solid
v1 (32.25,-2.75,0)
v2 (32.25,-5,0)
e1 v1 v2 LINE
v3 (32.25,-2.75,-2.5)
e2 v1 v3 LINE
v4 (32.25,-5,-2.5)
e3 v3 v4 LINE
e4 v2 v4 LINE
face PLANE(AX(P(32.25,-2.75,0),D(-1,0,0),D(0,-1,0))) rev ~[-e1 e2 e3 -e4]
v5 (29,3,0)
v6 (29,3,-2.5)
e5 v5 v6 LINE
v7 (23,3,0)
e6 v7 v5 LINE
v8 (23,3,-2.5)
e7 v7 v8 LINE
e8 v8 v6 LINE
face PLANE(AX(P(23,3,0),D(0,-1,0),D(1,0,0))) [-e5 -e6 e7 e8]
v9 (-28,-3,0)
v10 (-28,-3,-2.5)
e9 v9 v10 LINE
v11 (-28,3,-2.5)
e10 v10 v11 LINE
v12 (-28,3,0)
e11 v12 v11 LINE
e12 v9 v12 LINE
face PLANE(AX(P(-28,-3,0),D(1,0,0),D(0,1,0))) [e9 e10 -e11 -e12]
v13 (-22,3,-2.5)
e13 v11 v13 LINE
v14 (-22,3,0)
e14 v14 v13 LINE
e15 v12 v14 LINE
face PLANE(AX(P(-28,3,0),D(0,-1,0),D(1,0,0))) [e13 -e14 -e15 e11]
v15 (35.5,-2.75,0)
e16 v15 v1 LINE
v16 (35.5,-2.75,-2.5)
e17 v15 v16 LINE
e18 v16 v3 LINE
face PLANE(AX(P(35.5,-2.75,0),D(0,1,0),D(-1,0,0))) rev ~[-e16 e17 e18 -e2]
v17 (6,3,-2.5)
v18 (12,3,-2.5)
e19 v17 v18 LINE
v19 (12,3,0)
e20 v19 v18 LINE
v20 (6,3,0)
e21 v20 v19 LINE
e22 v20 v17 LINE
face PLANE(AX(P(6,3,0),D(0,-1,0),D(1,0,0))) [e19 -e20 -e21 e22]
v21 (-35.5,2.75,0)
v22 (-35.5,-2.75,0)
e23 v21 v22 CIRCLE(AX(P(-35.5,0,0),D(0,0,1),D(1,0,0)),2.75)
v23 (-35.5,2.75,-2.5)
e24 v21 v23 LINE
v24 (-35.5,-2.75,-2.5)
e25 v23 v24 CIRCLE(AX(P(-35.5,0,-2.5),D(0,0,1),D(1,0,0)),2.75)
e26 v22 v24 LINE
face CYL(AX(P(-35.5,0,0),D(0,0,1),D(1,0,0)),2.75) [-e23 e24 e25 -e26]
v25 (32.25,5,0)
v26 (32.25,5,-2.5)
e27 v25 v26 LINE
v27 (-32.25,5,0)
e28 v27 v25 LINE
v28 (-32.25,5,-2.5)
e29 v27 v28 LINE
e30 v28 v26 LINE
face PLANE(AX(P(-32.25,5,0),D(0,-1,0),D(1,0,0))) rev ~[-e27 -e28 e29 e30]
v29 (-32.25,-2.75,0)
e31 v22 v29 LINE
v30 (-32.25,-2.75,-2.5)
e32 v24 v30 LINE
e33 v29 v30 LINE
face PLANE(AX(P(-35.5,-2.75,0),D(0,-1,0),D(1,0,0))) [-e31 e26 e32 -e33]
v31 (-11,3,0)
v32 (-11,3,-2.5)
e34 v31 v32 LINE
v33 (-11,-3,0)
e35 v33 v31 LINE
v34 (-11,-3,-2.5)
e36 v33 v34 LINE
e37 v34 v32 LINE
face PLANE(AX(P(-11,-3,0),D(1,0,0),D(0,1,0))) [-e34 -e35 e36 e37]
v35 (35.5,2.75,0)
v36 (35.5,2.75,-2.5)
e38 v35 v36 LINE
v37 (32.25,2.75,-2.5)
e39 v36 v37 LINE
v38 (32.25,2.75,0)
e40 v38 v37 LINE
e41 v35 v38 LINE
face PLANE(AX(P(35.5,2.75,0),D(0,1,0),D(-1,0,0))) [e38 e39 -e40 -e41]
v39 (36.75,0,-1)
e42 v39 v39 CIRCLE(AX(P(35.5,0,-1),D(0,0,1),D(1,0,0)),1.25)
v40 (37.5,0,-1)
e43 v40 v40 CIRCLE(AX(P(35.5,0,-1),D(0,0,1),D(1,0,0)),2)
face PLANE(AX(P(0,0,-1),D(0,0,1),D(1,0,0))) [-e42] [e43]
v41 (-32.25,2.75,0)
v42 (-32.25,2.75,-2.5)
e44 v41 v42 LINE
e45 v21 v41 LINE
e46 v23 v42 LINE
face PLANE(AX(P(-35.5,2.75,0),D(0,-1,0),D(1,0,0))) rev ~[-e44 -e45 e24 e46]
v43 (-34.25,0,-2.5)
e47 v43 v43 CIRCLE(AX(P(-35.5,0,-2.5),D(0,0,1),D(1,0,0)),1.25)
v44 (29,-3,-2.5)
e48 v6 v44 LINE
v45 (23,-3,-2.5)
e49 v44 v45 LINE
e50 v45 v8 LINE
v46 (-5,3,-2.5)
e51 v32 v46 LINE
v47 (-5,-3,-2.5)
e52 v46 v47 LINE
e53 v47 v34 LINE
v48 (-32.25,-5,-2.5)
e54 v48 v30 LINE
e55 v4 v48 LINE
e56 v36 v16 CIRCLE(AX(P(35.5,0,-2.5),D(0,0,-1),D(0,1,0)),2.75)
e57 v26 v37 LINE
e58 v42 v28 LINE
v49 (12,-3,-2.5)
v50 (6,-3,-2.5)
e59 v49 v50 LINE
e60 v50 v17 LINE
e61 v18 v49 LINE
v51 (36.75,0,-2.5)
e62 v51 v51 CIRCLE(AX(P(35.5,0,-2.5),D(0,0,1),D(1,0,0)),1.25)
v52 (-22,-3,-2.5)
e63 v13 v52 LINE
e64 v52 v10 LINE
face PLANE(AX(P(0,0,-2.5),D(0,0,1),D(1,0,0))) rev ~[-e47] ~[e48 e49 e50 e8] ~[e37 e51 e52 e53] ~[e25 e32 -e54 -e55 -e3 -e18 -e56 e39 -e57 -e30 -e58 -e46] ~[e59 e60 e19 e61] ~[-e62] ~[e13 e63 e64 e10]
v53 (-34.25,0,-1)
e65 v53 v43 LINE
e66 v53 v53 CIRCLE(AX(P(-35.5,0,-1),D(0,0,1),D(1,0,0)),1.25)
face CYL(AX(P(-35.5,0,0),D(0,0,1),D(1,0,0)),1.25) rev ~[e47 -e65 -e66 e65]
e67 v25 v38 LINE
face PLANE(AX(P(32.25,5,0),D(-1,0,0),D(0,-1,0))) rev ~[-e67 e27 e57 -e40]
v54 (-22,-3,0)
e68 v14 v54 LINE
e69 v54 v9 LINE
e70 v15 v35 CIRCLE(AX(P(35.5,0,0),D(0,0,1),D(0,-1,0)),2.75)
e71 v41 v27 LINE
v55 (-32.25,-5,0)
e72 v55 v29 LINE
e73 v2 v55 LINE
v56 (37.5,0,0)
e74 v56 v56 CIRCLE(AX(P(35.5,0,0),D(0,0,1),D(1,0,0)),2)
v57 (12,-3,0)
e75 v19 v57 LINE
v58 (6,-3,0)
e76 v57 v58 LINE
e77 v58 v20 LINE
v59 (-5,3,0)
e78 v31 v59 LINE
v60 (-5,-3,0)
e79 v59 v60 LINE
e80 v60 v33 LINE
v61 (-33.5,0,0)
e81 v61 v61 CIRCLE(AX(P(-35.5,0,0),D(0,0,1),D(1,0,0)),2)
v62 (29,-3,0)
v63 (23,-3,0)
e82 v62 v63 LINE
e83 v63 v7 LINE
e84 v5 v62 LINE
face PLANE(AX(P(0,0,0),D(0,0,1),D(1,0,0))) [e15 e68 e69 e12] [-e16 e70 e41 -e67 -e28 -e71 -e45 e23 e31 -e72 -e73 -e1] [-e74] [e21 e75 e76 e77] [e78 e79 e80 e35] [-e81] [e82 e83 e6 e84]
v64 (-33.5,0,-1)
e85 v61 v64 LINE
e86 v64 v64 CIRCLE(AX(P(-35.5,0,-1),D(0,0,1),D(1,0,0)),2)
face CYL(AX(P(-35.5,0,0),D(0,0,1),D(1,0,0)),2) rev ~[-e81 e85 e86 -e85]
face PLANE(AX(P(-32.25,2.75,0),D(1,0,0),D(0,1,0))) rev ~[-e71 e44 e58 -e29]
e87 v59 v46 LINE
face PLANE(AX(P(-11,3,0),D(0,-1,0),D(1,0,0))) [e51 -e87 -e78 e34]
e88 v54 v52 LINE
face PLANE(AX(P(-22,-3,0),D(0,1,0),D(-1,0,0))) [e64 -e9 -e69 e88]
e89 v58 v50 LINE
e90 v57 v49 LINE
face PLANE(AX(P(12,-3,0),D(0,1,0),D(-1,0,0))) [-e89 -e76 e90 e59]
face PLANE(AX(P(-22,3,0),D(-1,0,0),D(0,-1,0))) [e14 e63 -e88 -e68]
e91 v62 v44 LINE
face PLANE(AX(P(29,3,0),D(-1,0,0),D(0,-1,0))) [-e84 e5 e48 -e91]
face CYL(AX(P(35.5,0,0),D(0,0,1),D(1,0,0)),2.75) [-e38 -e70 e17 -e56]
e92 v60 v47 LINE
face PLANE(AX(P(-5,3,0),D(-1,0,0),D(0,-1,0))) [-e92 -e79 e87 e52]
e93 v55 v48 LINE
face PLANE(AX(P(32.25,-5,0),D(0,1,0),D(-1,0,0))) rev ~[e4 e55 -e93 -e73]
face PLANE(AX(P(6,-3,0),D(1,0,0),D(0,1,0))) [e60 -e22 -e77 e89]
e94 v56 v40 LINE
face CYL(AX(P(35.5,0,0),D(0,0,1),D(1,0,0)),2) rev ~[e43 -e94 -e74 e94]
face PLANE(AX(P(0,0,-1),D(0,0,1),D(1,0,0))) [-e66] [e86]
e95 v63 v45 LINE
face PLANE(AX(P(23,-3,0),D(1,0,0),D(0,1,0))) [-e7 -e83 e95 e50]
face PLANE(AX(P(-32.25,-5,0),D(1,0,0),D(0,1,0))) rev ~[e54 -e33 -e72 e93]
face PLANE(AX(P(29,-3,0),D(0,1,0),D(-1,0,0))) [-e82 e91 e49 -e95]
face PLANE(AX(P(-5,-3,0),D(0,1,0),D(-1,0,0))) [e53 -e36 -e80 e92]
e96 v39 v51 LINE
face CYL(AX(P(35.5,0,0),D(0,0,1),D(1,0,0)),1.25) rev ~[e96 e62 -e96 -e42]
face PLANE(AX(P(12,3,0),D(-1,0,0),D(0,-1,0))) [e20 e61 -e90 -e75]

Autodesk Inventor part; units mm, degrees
ref_plane "YZ Plane" through (0, 0, 0) normal (1, 0, 0) x (0, 1, 0)
ref_plane "XZ Plane" through (0, 0, 0) normal (0, 1, 0) x (-1, 0, 0)
ref_plane "XY Plane" through (0, 0, 0) normal (0, 0, 1) x (1, 0, 0)
sketch "스케치1" plane through (0, 0, 0) normal (0, 0, 1) x (1, 0, 0)
  line L0 (-32.25, 5) -> (32.25, 5)
  line L1 (32.25, 5) -> (32.25, -5)
  line L2 (32.25, -5) -> (-32.25, -5)
  line L3 (-32.25, -5) -> (-32.25, 5)
  line L4 (-32.25, 5) -> (32.25, -5) construction
  line L5 (32.25, 5) -> (-32.25, -5) construction
  circle A0 centre (-35.5, 0) radius 2.75
  circle A1 centre (-35.5, 0) radius 1.25
  line L6 (0, 0) -> (0, 3.25)
  circle A2 centre (35.5, 0) radius 2.75
  circle A3 centre (35.5, 0) radius 1.25
  line L7 (-35.5, 2.75) -> (-32.25, 2.75)
  line L8 (-35.5, -2.75) -> (-32.25, -2.75)
  line L9 (35.5, 2.75) -> (32.25, 2.75)
  line L10 (35.5, -2.75) -> (32.25, -2.75)
  dimension "d0" = 64.5
  dimension "d1" = 10
  dimension "d2" = 5.5
  dimension "d3" = 2.5
  dimension "d4" = 71
extrude "돌출1" add sketch "스케치1" against normal blind 2.5
sketch "스케치2" plane through (0, 0, 0) normal (0, 0, 1) x (1, 0, 0)
  circle A0 centre (-35.5, 0) radius 1.25 projected
  circle A1 centre (-35.5, 0) radius 2
  circle A2 centre (35.5, 0) radius 1.25 projected
  circle A3 centre (35.5, 0) radius 2
  point P0 (0, 0)
  dimension "d7" = 4
  dimension "d8" = 4
extrude "돌출2" cut sketch "스케치2" against normal blind 1 contours A0 | A1 | A2 | A3
sketch "스케치3" plane through (0, 0, 0) normal (0, 0, 1) x (1, 0, 0)
  line L0 (-28, 3) -> (-22, 3)
  line L1 (-22, 3) -> (-22, -3)
  line L2 (-22, -3) -> (-28, -3)
  line L3 (-28, -3) -> (-28, 3)
  line L4 (-28, 3) -> (-22, -3) construction
  line L5 (-22, 3) -> (-28, -3) construction
  line L6 (-11, 3) -> (-5, 3)
  line L7 (-5, 3) -> (-5, -3)
  line L8 (-5, -3) -> (-11, -3)
  line L9 (-11, -3) -> (-11, 3)
  line L10 (-11, 3) -> (-5, -3) construction
  line L11 (-5, 3) -> (-11, -3) construction
  line L12 (6, 3) -> (12, 3)
  line L13 (12, 3) -> (12, -3)
  line L14 (12, -3) -> (6, -3)
  line L15 (6, -3) -> (6, 3)
  line L16 (6, 3) -> (12, -3) construction
  line L17 (12, 3) -> (6, -3) construction
  line L18 (23, 3) -> (29, 3)
  line L19 (29, 3) -> (29, -3)
  line L20 (29, -3) -> (23, -3)
  line L21 (23, -3) -> (23, 3)
  line L22 (23, 3) -> (29, -3) construction
  line L23 (29, 3) -> (23, -3) construction
  point P0 (0, 0)
  point P1 (-25, 0)
  point P2 (-8, 0)
  point P3 (9, 0)
  point P4 (26, 0)
  dimension "d11" = 6
  dimension "d12" = 6
  dimension "d13" = 25
  dimension "d16" = 17
extrude "돌출3" cut sketch "스케치3" against normal up to surface (2.5 mm away)
properties part number "네오픽셀 홀더"
